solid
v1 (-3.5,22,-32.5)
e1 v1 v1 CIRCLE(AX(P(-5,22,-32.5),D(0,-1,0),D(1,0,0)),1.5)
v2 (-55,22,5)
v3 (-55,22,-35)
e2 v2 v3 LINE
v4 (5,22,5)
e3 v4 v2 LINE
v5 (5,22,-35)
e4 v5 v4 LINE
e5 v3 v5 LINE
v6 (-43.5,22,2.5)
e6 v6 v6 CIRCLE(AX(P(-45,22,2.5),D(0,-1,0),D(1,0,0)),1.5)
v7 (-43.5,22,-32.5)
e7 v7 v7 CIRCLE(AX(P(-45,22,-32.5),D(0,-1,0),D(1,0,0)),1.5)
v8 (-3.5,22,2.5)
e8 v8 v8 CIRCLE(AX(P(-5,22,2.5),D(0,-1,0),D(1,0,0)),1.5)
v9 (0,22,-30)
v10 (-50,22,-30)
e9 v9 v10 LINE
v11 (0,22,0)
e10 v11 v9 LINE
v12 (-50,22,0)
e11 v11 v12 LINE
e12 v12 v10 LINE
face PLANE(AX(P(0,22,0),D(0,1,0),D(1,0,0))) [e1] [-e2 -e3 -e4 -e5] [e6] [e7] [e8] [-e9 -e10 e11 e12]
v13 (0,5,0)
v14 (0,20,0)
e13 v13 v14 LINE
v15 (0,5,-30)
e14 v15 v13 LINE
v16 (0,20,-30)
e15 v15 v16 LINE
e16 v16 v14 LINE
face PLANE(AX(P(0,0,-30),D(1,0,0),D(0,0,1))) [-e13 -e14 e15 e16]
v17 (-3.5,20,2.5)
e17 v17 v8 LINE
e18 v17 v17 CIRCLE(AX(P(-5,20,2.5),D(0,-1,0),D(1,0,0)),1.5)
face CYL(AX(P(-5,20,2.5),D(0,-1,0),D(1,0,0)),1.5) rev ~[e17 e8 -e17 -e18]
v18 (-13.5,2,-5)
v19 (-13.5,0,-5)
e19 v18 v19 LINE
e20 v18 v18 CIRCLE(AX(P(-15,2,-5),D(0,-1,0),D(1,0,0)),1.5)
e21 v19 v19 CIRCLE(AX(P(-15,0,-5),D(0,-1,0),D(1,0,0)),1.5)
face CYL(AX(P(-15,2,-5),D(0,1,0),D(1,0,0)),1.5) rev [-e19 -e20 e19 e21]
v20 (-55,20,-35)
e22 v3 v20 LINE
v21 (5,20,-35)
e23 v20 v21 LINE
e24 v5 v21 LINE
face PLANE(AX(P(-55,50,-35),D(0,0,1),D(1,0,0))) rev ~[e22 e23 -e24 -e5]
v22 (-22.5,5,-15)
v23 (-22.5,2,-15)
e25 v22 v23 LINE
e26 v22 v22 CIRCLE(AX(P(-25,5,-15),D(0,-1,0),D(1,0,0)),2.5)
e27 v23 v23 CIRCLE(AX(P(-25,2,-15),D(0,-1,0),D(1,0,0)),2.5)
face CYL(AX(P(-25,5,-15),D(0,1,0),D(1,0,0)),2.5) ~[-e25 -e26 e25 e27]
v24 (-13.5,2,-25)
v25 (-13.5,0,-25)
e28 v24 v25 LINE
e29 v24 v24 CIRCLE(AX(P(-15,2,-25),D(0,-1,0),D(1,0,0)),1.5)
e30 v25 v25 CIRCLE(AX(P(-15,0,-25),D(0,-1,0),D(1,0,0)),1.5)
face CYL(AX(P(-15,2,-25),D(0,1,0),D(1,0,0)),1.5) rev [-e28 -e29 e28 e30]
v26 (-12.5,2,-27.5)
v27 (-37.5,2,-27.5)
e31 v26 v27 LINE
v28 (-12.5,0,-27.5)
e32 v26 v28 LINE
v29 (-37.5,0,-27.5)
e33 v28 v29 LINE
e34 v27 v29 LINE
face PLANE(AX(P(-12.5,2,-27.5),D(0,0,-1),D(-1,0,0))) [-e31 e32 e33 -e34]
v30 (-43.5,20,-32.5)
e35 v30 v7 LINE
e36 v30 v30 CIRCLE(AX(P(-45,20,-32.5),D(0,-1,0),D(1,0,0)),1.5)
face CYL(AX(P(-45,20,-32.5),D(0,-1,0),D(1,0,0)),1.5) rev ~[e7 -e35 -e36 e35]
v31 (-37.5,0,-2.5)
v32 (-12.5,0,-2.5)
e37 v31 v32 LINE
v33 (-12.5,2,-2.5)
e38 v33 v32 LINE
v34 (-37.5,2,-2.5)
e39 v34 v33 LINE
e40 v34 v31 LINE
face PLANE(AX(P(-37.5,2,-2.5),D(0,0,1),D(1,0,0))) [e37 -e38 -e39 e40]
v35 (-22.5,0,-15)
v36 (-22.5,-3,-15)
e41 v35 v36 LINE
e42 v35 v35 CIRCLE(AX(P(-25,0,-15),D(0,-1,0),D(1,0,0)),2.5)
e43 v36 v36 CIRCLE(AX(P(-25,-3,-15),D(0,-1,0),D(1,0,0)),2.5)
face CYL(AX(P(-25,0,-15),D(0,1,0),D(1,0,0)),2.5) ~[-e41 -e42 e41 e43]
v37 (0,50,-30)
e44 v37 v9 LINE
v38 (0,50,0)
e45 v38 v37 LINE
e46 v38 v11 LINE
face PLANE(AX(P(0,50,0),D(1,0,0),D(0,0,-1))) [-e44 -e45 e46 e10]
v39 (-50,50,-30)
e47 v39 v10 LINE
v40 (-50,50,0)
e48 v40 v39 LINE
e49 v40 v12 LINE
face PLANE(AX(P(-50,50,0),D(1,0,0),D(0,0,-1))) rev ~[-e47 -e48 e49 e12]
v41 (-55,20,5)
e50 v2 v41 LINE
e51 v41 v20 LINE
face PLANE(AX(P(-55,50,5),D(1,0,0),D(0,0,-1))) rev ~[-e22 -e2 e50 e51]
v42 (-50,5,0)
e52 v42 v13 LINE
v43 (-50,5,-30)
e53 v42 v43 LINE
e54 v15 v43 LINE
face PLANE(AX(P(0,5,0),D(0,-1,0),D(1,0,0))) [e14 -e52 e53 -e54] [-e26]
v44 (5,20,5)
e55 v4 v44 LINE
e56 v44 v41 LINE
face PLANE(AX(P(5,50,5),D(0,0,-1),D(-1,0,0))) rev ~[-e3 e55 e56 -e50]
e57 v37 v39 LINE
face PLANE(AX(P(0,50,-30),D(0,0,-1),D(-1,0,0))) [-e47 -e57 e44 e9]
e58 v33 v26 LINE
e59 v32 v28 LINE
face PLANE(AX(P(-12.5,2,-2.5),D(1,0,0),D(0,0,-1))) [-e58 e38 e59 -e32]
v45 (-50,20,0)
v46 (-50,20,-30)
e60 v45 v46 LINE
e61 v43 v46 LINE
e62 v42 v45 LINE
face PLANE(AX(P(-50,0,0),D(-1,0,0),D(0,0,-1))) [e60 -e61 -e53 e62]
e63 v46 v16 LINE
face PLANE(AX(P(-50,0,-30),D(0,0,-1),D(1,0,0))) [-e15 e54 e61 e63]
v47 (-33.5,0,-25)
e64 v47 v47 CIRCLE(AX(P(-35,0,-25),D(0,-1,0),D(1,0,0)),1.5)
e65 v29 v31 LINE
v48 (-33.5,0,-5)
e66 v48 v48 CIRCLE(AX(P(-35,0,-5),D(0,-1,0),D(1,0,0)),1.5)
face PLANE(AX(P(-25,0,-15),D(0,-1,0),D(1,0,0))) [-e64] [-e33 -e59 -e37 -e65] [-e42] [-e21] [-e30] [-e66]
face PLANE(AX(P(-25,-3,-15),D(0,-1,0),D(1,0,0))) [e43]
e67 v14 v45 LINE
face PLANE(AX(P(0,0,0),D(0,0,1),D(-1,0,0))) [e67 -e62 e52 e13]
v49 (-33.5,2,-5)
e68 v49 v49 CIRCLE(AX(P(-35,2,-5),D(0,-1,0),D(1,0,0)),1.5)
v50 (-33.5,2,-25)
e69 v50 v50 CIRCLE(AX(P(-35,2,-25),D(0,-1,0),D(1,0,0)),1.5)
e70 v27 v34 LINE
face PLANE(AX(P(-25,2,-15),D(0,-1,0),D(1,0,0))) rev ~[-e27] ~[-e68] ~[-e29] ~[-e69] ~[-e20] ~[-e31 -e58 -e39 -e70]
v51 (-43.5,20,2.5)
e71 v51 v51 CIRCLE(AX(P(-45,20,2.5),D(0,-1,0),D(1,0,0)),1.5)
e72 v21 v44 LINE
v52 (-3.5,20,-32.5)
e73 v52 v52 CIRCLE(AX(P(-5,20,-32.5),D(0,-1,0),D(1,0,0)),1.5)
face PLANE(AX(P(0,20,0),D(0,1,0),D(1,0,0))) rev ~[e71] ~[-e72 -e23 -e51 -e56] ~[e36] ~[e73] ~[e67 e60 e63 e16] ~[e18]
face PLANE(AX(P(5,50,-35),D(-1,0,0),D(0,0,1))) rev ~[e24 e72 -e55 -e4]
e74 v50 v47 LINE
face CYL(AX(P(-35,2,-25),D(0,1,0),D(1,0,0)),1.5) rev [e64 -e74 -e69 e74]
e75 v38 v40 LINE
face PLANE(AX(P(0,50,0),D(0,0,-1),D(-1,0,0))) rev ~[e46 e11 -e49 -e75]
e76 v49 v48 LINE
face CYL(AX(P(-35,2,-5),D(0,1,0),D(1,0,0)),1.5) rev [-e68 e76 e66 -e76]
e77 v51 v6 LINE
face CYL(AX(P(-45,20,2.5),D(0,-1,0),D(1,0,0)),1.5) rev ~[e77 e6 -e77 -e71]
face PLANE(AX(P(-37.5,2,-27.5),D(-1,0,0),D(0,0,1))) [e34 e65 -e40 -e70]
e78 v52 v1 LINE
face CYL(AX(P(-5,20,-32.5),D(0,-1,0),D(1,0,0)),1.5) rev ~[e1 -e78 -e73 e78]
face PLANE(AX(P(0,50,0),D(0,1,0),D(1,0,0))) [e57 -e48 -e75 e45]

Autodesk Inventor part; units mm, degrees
ref_plane "YZ Plane" through (0, 0, 0) normal (1, 0, 0) x (0, 1, 0)
ref_plane "XZ Plane" through (0, 0, 0) normal (0, 1, 0) x (-1, 0, 0)
ref_plane "XY Plane" through (0, 0, 0) normal (0, 0, 1) x (1, 0, 0)
sketch "Sketch1" plane through (0, 0, 0) normal (0, 1, 0) x (-1, 0, 0)
  line L0 (0, 0) -> (50, 0)
  line L1 (50, 0) -> (50, -30)
  line L2 (50, -30) -> (0, -30)
  line L3 (0, -30) -> (0, 0)
  dimension "d0" = 50
  dimension "d1" = 30
extrude "Extrusion1" add sketch "Sketch1" along normal blind 50
sketch "Sketch2" plane through (0, 50, 0) normal (0, 1, 0) x (1, 0, 0)
  line L0 (5, -5) -> (-55, -5)
  line L1 (-55, -5) -> (-55, 35)
  line L2 (-55, 35) -> (5, 35)
  line L3 (5, 35) -> (5, -5)
  point P0 (0, 0)
  dimension "d4" = 60
  dimension "d5" = 40
extrude "Extrusion2" add sketch "Sketch2" against normal blind 30
sketch "Sketch3" plane through (0, 50, 0) normal (0, 1, 0) x (1, 0, 0)
  line L0 (0, 0) -> (0, 30) projected
  line L1 (0, 30) -> (-50, 30) projected
  line L2 (0, 0) -> (-50, 0)
  line L3 (-50, 0) -> (-50, 30)
  line L4 (-50, 30) -> (0, 30)
  line L5 (0, 30) -> (0, 0)
  line L6 (5, -5) -> (-55, -5) projected
  line L7 (-55, -5) -> (-55, 35) projected
  line L8 (5, -5) -> (-55, -5)
  line L9 (-55, -5) -> (-55, 35)
  line L10 (-55, 35) -> (5, 35)
  line L11 (5, 35) -> (5, -5)
  dimension "d8" = 50
  dimension "d9" = 30
extrude "Extrusion3" cut sketch "Sketch3" against normal blind 28
sketch "Sketch4" plane through (0, 0, 0) normal (0, -1, 0) x (1, 0, 0)
  line L0 (-50, 0) -> (0, 0) projected
  line L1 (0, -30) -> (-50, -30) projected
  line L2 (0, 0) -> (-50, 0)
  line L3 (-50, 0) -> (-50, -30)
  line L4 (-50, -30) -> (0, -30)
  line L5 (0, -30) -> (0, 0)
extrude "Extrusion4" cut sketch "Sketch4" against normal blind 5
sketch "Sketch5" plane through (0, 5, 0) normal (0, -1, 0) x (1, 0, 0)
  circle A0 centre (-25, -15) radius 2.5
  point P0 (0, 0)
  dimension "d14" = 5
extrude "Extrusion5" add sketch "Sketch5" along normal blind 3
sketch "Sketch6" plane through (-25, 2, -15) normal (0, -1, 0) x (1, 0, 0)
  line L0 (-12.5, 12.5) -> (12.5, 12.5)
  line L1 (12.5, 12.5) -> (12.5, -12.5)
  line L2 (12.5, -12.5) -> (-12.5, -12.5)
  line L3 (-12.5, -12.5) -> (-12.5, 12.5)
  circle A0 centre (-10, 10) radius 1.5
  circle A1 centre (-10, -10) radius 1.5
  circle A2 centre (10, -10) radius 1.5
  circle A3 centre (10, 10) radius 1.5
  point P0 (25, 15)
  dimension "d19" = 25
  dimension "d20" = 25
  dimension "d21" = 3
  dimension "d22" = 3
  dimension "d23" = 3
  dimension "d24" = 3
extrude "Extrusion6" add sketch "Sketch6" along normal blind 2
sketch "Sketch7" plane through (-25, 0, -15) normal (0, -1, 0) x (1, 0, 0)
  circle A0 centre (0, 0) radius 2.5
  point P0 (25, 15)
  dimension "d27" = 5
extrude "Extrusion7" add sketch "Sketch7" along normal blind 3
sketch "Sketch8" plane through (0, 20, 0) normal (0, -1, 0) x (1, 0, 0)
  line L0 (-50, -30) -> (-50, 0) projected
  circle A0 centre (-5, -32.5) radius 1.5
  circle A1 centre (-5, 2.5) radius 1.5
  circle A2 centre (-45, 2.5) radius 1.5
  circle A3 centre (-45, -32.5) radius 1.5
  point P0 (0, 0)
  point P1 (0, -30)
  dimension "d38" = 3
  dimension "d39" = 3
  dimension "d40" = 3
  dimension "d41" = 3
extrude "Extrusion8" cut sketch "Sketch8" against normal blind 3
properties part number "Servo"
